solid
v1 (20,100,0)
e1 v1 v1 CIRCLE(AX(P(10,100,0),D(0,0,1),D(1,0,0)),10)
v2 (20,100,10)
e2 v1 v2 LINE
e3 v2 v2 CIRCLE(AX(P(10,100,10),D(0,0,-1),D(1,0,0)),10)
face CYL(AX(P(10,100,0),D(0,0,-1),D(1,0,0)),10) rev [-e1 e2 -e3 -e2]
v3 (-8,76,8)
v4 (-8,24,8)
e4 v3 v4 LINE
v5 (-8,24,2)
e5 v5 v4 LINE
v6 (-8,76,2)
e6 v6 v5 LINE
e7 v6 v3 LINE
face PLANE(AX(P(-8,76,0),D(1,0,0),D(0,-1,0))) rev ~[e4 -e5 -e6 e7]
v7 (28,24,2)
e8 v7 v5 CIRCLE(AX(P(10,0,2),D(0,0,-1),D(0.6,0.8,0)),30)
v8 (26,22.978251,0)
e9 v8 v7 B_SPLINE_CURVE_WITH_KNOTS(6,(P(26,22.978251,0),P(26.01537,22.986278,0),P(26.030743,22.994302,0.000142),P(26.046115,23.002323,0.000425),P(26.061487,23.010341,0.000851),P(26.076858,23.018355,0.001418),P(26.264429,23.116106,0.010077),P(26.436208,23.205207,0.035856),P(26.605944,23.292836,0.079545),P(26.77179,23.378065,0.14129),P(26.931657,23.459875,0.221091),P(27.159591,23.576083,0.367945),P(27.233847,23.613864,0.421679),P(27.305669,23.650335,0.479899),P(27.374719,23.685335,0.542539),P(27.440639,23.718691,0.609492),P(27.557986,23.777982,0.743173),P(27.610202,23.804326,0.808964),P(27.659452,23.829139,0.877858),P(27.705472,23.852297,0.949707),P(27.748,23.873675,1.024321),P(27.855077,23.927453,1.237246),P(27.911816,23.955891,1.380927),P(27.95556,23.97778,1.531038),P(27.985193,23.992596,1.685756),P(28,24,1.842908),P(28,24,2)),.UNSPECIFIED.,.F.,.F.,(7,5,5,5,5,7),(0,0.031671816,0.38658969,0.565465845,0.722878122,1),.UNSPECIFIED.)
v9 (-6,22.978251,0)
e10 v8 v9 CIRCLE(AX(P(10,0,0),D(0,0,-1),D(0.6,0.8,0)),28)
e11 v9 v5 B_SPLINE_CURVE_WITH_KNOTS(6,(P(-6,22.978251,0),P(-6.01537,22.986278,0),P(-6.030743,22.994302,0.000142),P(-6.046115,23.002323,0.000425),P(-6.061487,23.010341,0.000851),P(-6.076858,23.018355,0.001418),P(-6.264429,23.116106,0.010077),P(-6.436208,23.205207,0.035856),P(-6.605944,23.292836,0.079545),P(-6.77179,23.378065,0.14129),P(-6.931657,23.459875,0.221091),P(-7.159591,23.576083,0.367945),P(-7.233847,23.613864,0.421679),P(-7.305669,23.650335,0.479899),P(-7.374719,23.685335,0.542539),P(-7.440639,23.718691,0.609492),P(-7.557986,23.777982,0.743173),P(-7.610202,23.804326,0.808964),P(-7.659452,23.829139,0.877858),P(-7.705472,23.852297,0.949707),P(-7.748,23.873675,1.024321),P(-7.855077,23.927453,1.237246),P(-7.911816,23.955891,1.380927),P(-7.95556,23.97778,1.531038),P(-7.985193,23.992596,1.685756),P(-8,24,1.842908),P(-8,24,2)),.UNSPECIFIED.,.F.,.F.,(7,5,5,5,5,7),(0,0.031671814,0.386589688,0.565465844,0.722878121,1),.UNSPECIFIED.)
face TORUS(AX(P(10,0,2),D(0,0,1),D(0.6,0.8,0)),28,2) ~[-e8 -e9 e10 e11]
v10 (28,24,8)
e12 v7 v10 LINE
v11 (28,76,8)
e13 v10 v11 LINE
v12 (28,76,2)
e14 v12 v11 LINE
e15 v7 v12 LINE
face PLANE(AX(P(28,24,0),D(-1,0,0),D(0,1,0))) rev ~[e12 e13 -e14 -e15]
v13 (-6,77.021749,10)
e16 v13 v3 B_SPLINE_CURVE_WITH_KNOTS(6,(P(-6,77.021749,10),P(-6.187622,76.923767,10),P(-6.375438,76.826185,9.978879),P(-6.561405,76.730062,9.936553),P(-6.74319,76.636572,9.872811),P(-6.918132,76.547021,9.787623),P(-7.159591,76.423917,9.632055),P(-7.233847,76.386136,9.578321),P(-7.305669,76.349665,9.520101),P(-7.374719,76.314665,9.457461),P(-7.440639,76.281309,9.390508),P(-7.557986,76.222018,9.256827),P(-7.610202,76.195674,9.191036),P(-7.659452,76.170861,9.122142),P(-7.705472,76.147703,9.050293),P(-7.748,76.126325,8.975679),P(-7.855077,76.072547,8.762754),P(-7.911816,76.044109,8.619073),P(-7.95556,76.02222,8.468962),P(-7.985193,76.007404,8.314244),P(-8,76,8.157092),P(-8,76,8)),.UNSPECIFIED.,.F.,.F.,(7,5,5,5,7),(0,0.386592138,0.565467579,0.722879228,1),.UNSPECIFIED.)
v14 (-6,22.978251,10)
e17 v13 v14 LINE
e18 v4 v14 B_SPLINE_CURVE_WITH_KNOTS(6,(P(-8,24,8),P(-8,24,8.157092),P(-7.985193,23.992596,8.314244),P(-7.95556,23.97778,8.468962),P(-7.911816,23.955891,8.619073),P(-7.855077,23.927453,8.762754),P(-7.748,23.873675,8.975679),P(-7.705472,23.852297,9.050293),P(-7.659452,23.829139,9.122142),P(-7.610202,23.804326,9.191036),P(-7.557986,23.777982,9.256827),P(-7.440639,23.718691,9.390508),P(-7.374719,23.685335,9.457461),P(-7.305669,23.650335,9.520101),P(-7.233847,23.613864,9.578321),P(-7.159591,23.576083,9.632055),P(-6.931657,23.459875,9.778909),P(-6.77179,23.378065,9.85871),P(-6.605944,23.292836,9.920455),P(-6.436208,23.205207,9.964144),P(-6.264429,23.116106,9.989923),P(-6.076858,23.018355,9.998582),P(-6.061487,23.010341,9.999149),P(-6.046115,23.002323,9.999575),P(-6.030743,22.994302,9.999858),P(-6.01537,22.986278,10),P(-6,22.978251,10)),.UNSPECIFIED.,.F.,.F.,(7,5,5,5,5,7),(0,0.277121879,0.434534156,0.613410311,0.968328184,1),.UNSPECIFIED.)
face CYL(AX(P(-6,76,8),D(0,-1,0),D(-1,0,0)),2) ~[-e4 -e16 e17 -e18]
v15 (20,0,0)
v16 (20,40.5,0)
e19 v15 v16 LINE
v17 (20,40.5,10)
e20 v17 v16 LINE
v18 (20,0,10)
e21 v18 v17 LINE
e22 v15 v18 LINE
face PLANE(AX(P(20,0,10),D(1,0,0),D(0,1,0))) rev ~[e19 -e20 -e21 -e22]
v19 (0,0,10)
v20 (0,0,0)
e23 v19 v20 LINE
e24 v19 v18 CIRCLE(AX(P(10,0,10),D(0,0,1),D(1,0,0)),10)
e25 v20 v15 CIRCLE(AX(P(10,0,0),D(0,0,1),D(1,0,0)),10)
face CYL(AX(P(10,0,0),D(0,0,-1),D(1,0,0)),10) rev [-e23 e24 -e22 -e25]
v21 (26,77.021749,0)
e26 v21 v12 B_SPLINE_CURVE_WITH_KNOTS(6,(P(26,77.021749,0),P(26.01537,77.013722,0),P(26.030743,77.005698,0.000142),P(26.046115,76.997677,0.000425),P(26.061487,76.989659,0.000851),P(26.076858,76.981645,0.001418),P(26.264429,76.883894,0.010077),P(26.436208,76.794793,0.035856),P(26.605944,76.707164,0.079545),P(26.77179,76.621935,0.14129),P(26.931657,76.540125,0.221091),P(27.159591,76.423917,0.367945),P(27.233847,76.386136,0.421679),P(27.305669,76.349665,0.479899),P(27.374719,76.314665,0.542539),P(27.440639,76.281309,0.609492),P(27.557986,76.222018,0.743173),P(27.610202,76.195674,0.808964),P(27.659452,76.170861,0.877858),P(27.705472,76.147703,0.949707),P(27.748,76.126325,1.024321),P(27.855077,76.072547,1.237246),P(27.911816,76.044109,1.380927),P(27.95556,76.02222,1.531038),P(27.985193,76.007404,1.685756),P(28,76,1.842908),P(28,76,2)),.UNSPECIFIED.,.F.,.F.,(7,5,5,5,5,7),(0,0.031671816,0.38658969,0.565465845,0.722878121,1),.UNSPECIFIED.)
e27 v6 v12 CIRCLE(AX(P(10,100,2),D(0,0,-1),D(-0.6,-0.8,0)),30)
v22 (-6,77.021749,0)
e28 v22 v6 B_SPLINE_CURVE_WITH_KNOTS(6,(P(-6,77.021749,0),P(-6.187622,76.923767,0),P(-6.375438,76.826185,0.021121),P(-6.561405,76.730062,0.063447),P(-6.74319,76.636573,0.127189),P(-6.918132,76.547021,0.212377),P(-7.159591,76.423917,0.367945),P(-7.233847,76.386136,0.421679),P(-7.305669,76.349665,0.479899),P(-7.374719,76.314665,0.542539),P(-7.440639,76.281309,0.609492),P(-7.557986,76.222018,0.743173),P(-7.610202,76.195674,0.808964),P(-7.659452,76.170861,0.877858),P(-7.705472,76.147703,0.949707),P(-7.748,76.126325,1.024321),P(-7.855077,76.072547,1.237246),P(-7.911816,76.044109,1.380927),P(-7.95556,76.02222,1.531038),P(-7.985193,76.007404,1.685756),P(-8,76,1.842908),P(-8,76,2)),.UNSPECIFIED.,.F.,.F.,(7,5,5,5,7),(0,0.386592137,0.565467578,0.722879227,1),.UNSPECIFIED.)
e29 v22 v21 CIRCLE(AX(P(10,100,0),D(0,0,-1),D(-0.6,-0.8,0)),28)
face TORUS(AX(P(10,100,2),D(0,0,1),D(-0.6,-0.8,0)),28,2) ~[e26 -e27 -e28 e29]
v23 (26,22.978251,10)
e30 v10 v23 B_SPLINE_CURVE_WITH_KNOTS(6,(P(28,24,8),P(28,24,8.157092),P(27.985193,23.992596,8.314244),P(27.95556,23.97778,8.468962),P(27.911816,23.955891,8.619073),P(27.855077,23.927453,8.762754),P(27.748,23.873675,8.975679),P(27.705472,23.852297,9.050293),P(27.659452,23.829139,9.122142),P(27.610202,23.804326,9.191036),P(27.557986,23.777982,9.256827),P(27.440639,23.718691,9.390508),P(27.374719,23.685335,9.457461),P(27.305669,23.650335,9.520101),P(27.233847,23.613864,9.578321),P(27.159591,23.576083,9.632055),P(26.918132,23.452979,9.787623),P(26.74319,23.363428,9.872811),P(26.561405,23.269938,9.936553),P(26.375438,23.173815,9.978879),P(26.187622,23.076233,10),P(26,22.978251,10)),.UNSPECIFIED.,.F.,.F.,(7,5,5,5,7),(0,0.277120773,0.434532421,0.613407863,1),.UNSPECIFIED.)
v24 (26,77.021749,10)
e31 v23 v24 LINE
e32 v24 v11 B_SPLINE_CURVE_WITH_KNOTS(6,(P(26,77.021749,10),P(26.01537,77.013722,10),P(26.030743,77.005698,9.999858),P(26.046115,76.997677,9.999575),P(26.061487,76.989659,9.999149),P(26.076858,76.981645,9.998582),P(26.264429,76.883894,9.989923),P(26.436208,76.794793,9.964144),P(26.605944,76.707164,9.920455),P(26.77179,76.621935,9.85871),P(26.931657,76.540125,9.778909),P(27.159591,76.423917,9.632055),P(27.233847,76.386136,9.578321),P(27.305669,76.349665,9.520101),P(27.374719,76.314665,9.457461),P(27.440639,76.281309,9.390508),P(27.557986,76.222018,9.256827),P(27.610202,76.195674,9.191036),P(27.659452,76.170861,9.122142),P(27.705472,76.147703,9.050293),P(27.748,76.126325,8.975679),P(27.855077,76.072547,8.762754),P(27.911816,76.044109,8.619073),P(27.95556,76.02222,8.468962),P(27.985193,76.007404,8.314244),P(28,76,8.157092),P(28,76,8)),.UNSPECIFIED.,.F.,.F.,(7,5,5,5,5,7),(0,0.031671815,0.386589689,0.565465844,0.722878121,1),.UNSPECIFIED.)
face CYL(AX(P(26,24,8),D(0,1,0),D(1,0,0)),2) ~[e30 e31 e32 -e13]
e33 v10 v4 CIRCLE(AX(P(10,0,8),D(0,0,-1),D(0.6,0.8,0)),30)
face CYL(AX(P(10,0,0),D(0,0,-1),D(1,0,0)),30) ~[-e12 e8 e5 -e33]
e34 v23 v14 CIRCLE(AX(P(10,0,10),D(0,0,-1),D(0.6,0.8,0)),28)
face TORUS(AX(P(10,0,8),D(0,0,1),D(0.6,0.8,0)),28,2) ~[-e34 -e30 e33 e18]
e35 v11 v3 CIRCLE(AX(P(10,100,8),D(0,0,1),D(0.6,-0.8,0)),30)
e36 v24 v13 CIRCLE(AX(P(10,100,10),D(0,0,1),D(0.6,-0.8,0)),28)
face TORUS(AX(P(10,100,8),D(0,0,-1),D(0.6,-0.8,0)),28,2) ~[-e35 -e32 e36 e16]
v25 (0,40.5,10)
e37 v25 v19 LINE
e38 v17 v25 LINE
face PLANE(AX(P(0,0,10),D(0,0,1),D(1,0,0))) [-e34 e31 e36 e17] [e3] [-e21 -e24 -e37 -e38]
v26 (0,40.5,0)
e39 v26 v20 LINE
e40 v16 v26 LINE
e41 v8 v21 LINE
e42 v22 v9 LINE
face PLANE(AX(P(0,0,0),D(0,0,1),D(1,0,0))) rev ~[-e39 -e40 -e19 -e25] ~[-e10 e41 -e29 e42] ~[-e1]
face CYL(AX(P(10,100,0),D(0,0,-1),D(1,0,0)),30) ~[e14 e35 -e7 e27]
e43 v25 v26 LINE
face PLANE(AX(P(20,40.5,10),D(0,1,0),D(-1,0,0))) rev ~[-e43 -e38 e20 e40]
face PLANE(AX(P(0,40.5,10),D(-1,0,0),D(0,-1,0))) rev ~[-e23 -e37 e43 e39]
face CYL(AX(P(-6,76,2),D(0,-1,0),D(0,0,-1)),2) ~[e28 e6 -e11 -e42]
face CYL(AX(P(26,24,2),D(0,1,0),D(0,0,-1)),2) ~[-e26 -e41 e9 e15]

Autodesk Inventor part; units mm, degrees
ref_plane "YZ Plane" through (0, 0, 0) normal (1, 0, 0) x (0, 1, 0)
ref_plane "XZ Plane" through (0, 0, 0) normal (0, 1, 0) x (-1, 0, 0)
ref_plane "XY Plane" through (0, 0, 0) normal (0, 0, 1) x (1, 0, 0)
sketch "Sketch1" plane through (0, 0, 0) normal (0, 0, 1) x (1, 0, 0)
  line L0 (0, 0) -> (20, 0)
  line L1 (20, 0) -> (20, 40.5)
  line L2 (20, 40.5) -> (0, 40.5)
  line L3 (0, 40.5) -> (0, 0)
  circle A0 centre (10, 0) radius 30
  circle A1 centre (10, 0) radius 10
  line L4 (-8, 0) -> (28, 0)
  line L5 (28, 0) -> (28, 100)
  line L6 (28, 100) -> (-8, 100)
  line L7 (-8, 100) -> (-8, 0)
  circle A2 centre (10, 100) radius 30
  circle A3 centre (10, 100) radius 10
  point P0 (28, 24)
  point P1 (28, 76)
  point P2 (-8, 76)
  point P3 (-8, 24)
  dimension "d2" = 20
  dimension "d3" = 40.5
  dimension "d4" = 60
  dimension "d5" = 20
  dimension "d6" = 36
  dimension "d7" = 100
  dimension "d8" = 60
  dimension "d9" = 20
extrude "Extrusion1" add sketch "Sketch1" along normal blind 10 contours L4 L7 A0 L3 | L3 A0 L1 A1 | A1 L4 L5 A0 L7 | L1 A0 L5 L4 | A0 L7 A2 L5 L1 L2 L3 | L3 L2 L1 A0 | A2 L5 L6 A3 L7 | L7 L6 A3 L5 A2
fillet "Fillet1" radius 2 8 edges at (10, 130, 10) (28, 50, 10) (-8, 50, 10) (10, -30, 10) (10, 130, 0) (28, 50, 0) (10, -30, 0) (-8, 50, 0)
sketch "Sketch2" plane through (0, 0, 10) normal (0, 0, 1) x (1, 0, 0)
  line L0 (0, 0) -> (20, 0)
  line L1 (20, 0) -> (20, 40.5)
  line L2 (20, 40.5) -> (0, 40.5)
  line L3 (0, 40.5) -> (0, 0)
  dimension "d13" = 20
  dimension "d14" = 40.5
extrude "Extrusion2" cut sketch "Sketch2" against normal blind 10.6375
properties part number "2nd arm"
